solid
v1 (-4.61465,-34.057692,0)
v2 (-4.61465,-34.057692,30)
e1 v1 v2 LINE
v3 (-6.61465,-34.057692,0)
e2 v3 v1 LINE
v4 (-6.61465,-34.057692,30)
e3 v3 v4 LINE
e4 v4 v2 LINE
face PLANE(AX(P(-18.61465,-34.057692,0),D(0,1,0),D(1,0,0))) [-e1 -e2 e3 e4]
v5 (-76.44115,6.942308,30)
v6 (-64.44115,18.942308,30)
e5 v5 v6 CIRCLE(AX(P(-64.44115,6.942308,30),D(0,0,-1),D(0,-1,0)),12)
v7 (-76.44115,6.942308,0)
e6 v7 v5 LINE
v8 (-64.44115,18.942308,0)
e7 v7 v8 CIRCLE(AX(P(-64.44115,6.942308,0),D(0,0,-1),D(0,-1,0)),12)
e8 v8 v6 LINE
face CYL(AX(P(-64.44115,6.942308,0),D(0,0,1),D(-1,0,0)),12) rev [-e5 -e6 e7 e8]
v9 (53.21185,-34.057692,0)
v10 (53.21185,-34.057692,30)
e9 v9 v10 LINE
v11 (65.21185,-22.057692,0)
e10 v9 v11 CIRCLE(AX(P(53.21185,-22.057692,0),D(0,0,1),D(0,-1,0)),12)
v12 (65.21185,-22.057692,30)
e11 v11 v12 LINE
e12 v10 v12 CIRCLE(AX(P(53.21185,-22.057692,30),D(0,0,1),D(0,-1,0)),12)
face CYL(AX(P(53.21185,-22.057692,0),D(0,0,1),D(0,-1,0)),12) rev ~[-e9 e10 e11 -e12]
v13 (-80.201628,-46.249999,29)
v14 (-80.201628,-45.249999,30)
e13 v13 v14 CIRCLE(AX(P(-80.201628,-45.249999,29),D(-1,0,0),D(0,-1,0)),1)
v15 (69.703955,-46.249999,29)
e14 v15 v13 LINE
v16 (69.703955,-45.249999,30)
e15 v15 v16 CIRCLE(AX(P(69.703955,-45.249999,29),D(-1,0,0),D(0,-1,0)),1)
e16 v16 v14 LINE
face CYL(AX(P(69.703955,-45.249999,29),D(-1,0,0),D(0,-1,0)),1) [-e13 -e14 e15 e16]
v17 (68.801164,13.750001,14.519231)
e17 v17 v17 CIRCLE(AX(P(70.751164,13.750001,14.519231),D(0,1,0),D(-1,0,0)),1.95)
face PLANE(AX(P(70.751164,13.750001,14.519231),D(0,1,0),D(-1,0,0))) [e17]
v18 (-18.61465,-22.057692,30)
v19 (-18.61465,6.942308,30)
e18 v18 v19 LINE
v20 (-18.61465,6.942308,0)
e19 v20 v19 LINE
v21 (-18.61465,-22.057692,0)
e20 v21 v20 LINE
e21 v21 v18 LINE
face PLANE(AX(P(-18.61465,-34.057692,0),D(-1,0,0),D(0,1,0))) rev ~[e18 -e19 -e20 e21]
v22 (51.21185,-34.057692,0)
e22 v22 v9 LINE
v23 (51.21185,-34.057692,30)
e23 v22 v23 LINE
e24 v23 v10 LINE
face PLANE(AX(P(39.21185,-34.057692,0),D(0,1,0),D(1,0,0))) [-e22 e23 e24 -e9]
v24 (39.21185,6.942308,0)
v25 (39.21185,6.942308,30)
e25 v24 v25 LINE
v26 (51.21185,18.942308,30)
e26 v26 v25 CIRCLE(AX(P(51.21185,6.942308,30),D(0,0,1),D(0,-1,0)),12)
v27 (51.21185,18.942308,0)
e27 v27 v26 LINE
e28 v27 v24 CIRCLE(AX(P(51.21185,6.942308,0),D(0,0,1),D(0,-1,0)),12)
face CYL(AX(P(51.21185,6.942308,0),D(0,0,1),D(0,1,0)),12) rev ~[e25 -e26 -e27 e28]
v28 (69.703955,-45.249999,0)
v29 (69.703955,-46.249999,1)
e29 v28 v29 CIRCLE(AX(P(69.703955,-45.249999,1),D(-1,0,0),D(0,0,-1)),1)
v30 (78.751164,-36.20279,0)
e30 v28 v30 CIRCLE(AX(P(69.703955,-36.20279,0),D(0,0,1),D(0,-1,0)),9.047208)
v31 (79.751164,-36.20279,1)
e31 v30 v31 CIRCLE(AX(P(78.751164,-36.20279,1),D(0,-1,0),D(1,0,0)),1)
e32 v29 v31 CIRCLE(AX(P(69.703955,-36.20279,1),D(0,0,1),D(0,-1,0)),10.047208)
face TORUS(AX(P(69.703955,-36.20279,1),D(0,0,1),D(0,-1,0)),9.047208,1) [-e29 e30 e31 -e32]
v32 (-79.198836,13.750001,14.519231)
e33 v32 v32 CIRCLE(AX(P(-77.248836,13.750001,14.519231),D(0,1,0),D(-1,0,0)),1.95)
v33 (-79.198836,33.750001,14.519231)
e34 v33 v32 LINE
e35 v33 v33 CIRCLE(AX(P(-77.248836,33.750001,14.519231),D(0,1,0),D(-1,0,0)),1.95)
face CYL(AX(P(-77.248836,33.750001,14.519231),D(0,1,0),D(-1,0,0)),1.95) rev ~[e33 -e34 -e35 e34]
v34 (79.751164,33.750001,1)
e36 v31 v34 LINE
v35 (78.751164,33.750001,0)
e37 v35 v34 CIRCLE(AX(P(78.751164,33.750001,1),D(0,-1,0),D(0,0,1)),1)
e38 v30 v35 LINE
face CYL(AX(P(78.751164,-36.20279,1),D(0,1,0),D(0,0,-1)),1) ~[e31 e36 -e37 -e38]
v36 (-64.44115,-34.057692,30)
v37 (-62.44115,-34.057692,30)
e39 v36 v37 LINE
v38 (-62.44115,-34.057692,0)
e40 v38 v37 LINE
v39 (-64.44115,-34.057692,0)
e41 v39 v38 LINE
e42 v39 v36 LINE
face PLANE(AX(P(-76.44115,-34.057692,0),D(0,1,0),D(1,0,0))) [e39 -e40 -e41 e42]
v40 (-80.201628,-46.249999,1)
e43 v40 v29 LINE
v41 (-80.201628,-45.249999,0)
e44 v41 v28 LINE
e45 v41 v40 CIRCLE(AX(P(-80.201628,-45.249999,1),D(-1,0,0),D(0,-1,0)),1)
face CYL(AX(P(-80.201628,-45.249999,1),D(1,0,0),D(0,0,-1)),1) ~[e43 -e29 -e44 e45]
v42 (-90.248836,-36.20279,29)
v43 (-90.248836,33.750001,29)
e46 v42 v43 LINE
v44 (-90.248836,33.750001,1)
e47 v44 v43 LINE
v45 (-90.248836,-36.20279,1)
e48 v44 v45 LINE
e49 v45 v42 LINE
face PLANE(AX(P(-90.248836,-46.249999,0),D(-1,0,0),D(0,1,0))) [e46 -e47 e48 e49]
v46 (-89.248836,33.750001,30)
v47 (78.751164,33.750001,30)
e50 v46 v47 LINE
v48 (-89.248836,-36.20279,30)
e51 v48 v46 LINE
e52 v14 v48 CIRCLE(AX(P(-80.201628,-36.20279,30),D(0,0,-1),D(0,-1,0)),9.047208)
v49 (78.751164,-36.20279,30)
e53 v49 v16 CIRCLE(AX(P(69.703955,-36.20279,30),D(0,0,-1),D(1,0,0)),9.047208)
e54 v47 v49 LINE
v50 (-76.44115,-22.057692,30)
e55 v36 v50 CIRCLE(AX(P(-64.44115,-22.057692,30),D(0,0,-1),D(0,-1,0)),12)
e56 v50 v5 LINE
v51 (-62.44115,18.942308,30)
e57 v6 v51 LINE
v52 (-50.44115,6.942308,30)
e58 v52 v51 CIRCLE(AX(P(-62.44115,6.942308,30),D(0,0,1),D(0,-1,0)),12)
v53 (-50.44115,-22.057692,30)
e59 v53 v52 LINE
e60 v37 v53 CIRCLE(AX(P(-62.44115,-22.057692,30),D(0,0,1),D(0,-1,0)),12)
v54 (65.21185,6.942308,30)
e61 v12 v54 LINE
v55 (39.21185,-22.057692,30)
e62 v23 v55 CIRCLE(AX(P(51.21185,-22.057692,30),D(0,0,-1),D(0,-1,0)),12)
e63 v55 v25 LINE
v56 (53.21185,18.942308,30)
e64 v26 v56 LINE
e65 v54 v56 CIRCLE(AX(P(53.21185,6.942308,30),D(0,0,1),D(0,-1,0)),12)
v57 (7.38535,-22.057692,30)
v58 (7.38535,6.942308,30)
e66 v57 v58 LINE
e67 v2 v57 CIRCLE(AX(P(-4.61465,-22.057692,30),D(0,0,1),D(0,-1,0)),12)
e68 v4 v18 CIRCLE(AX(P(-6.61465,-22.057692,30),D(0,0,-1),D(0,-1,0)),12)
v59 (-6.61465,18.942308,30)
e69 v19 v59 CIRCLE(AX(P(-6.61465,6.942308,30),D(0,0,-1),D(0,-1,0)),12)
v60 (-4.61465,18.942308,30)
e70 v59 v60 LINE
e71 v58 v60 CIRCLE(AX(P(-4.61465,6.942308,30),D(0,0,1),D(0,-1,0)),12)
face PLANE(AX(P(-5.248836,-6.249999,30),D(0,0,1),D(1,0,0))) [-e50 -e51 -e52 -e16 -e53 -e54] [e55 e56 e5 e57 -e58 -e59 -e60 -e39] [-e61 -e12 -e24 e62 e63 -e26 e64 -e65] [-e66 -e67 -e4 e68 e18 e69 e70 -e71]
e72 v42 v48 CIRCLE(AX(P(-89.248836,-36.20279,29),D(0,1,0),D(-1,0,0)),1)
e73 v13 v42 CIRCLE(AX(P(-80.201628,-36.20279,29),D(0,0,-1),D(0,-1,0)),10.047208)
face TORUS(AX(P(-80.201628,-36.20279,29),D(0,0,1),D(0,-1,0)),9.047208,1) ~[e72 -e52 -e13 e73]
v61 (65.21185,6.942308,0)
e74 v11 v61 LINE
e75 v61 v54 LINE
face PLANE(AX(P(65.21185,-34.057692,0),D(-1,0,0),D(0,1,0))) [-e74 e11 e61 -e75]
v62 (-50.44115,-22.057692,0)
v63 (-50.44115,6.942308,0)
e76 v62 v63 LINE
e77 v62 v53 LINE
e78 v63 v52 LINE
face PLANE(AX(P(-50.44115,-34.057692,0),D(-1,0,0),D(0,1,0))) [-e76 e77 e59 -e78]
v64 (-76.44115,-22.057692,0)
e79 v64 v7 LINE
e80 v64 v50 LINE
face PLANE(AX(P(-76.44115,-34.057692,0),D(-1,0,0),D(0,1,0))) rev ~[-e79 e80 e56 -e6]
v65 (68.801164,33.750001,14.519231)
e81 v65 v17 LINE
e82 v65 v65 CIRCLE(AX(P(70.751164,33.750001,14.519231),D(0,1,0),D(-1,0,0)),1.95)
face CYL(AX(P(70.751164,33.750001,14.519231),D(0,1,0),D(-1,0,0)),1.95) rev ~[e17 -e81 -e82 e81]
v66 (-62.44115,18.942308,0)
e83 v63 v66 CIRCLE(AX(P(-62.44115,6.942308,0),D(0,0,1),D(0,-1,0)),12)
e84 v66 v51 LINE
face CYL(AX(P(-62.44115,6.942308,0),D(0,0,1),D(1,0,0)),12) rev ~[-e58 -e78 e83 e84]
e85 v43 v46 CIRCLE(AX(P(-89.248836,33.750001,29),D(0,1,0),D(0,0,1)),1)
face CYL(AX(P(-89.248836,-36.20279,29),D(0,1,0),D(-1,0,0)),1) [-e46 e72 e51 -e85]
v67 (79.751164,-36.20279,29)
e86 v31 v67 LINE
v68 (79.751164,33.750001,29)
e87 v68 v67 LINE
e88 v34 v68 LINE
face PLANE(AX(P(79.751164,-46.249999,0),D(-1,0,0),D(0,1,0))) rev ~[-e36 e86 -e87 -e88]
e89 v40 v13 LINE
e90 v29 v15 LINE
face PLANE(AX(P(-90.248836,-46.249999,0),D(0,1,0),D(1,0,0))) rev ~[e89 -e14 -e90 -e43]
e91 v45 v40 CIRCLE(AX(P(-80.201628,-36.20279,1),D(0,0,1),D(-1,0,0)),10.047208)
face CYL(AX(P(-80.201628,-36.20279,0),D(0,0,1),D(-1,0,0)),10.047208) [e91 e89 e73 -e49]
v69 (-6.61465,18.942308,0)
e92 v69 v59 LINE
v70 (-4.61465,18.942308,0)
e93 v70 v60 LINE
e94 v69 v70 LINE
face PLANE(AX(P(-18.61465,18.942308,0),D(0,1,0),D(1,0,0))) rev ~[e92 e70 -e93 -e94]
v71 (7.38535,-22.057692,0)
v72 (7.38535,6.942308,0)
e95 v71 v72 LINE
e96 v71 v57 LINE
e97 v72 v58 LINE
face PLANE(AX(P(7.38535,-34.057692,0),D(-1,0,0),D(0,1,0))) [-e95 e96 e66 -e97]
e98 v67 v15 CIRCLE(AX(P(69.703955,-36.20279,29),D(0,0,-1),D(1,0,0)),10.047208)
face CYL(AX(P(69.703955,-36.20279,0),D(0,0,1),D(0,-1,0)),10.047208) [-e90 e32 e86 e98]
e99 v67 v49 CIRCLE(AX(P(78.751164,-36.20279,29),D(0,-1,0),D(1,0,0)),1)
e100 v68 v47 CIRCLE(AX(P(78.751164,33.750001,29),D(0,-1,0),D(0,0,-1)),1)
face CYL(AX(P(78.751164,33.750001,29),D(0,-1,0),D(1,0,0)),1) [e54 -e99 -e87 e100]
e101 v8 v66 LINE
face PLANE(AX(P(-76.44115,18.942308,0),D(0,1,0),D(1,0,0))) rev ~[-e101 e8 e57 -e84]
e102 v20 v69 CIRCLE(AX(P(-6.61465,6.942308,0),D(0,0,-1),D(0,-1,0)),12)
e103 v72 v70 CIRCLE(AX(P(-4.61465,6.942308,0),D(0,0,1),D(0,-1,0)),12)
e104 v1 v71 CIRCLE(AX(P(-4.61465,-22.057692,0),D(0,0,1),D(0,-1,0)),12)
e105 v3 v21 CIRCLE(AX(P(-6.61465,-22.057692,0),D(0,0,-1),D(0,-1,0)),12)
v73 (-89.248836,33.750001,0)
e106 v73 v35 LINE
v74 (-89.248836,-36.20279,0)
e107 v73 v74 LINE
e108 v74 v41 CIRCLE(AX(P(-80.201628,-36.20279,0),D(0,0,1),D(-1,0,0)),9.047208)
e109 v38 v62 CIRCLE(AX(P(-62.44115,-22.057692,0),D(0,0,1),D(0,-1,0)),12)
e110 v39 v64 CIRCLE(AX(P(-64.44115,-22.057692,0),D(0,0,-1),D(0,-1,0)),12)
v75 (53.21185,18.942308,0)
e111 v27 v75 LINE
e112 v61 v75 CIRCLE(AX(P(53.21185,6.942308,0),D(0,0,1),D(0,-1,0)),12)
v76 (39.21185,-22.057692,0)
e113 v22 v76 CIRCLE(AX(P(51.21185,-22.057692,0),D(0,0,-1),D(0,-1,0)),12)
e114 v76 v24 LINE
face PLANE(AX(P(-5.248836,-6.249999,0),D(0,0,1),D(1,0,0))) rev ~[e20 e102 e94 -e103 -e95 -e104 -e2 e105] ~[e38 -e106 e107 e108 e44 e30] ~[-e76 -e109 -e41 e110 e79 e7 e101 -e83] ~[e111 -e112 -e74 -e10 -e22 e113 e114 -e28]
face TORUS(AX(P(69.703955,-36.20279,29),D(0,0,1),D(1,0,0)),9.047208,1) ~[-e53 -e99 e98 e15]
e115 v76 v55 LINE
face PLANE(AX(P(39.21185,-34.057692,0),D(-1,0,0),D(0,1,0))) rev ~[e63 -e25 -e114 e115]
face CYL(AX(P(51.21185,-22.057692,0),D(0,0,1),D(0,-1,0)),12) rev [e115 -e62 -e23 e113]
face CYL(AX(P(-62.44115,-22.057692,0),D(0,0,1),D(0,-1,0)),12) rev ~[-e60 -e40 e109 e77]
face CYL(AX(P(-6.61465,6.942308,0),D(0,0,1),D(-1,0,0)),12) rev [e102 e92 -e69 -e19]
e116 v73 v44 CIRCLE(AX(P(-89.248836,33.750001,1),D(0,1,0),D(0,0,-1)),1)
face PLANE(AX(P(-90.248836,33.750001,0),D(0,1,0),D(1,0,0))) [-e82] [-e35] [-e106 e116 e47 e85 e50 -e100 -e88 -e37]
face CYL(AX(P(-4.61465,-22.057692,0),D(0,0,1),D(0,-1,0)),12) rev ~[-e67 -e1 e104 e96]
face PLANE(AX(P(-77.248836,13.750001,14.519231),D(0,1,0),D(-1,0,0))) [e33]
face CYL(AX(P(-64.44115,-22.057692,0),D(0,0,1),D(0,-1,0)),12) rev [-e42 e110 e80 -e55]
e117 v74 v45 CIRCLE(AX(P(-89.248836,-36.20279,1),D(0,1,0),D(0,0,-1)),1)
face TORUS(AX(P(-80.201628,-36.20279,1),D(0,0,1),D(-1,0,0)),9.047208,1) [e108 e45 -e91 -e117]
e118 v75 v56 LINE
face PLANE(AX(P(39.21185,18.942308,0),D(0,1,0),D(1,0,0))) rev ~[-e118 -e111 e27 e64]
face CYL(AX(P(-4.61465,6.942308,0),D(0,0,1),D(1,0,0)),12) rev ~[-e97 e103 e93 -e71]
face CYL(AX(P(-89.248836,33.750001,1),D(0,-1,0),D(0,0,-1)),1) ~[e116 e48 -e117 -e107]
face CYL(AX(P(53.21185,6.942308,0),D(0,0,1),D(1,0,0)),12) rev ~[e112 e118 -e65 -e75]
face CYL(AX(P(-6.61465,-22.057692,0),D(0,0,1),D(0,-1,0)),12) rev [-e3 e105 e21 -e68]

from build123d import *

# Parameters (mm, degrees)
F0_W     = 170
F0_H     = 80
F0_W_2   = 26
F0_H_2   = 53
F1_DEPTH = 30
F2_R     = 10.0472084404
F3_R     = 12
F4_R     = 1
F5_R     = 1.95
F6_DEPTH = 20


with BuildPart() as f1:
    # F0 (on Top) → F1 (new body)
    with BuildSketch(Plane.XY):
        with Locations((-5.2488362789, -6.2499986589)):
            Rectangle(F0_W, F0_H)
        with Locations((-63.4411496222, -7.5576923192)):
            Rectangle(F0_W_2, F0_H_2, mode=Mode.SUBTRACT)
        with Locations((-5.6146496222, -7.5576923192)):
            Rectangle(F0_W_2, F0_H_2, mode=Mode.SUBTRACT)
        with Locations((52.2118503778, -7.5576923192)):
            Rectangle(F0_W_2, F0_H_2, mode=Mode.SUBTRACT)
    extrude(amount=F1_DEPTH)

    # F2
    f2_edges = [f1.edges().sort_by_distance(p)[0] for p in [
        (-90.248836, -46.249999, 15),
        (79.751164, -46.249999, 15),
    ]]
    fillet(f2_edges, radius=F2_R)

    # F3
    f3_edges = [f1.edges().sort_by_distance(p)[0] for p in [
        (-50.44115, 18.942308, 15),
        (7.38535, 18.942308, 15),
        (65.21185, 18.942308, 15),
        (-76.44115, 18.942308, 15),
        (-18.61465, 18.942308, 15),
        (39.21185, 18.942308, 15),
        (39.21185, -34.057692, 15),
        (-18.61465, -34.057692, 15),
        (-76.44115, -34.057692, 15),
        (-50.44115, -34.057692, 15),
        (7.38535, -34.057692, 15),
        (65.21185, -34.057692, 15),
    ]]
    fillet(f3_edges, radius=F3_R)

    # F4
    f4_edges = [f1.edges().sort_by_distance(p)[0] for p in [
        (-90.248836, -1.226394, 30),
        (-87.306077, -43.307239, 30),
        (79.751164, -1.226394, 0),
    ]]
    fillet(f4_edges, radius=F4_R)

    # F5 (on face) → F6 (cut)
    with BuildSketch(Plane(origin=(0, 33.7500013411, 0), x_dir=(-1, 0, 0), z_dir=(0, 1, 0))):
        with Locations((-70.7511637211, 14.5192313939)):
            Circle(F5_R)
        with Locations((77.2488362789, 14.5192313939)):
            Circle(F5_R)
    extrude(amount=-F6_DEPTH, mode=Mode.SUBTRACT)


solid = f1.part
